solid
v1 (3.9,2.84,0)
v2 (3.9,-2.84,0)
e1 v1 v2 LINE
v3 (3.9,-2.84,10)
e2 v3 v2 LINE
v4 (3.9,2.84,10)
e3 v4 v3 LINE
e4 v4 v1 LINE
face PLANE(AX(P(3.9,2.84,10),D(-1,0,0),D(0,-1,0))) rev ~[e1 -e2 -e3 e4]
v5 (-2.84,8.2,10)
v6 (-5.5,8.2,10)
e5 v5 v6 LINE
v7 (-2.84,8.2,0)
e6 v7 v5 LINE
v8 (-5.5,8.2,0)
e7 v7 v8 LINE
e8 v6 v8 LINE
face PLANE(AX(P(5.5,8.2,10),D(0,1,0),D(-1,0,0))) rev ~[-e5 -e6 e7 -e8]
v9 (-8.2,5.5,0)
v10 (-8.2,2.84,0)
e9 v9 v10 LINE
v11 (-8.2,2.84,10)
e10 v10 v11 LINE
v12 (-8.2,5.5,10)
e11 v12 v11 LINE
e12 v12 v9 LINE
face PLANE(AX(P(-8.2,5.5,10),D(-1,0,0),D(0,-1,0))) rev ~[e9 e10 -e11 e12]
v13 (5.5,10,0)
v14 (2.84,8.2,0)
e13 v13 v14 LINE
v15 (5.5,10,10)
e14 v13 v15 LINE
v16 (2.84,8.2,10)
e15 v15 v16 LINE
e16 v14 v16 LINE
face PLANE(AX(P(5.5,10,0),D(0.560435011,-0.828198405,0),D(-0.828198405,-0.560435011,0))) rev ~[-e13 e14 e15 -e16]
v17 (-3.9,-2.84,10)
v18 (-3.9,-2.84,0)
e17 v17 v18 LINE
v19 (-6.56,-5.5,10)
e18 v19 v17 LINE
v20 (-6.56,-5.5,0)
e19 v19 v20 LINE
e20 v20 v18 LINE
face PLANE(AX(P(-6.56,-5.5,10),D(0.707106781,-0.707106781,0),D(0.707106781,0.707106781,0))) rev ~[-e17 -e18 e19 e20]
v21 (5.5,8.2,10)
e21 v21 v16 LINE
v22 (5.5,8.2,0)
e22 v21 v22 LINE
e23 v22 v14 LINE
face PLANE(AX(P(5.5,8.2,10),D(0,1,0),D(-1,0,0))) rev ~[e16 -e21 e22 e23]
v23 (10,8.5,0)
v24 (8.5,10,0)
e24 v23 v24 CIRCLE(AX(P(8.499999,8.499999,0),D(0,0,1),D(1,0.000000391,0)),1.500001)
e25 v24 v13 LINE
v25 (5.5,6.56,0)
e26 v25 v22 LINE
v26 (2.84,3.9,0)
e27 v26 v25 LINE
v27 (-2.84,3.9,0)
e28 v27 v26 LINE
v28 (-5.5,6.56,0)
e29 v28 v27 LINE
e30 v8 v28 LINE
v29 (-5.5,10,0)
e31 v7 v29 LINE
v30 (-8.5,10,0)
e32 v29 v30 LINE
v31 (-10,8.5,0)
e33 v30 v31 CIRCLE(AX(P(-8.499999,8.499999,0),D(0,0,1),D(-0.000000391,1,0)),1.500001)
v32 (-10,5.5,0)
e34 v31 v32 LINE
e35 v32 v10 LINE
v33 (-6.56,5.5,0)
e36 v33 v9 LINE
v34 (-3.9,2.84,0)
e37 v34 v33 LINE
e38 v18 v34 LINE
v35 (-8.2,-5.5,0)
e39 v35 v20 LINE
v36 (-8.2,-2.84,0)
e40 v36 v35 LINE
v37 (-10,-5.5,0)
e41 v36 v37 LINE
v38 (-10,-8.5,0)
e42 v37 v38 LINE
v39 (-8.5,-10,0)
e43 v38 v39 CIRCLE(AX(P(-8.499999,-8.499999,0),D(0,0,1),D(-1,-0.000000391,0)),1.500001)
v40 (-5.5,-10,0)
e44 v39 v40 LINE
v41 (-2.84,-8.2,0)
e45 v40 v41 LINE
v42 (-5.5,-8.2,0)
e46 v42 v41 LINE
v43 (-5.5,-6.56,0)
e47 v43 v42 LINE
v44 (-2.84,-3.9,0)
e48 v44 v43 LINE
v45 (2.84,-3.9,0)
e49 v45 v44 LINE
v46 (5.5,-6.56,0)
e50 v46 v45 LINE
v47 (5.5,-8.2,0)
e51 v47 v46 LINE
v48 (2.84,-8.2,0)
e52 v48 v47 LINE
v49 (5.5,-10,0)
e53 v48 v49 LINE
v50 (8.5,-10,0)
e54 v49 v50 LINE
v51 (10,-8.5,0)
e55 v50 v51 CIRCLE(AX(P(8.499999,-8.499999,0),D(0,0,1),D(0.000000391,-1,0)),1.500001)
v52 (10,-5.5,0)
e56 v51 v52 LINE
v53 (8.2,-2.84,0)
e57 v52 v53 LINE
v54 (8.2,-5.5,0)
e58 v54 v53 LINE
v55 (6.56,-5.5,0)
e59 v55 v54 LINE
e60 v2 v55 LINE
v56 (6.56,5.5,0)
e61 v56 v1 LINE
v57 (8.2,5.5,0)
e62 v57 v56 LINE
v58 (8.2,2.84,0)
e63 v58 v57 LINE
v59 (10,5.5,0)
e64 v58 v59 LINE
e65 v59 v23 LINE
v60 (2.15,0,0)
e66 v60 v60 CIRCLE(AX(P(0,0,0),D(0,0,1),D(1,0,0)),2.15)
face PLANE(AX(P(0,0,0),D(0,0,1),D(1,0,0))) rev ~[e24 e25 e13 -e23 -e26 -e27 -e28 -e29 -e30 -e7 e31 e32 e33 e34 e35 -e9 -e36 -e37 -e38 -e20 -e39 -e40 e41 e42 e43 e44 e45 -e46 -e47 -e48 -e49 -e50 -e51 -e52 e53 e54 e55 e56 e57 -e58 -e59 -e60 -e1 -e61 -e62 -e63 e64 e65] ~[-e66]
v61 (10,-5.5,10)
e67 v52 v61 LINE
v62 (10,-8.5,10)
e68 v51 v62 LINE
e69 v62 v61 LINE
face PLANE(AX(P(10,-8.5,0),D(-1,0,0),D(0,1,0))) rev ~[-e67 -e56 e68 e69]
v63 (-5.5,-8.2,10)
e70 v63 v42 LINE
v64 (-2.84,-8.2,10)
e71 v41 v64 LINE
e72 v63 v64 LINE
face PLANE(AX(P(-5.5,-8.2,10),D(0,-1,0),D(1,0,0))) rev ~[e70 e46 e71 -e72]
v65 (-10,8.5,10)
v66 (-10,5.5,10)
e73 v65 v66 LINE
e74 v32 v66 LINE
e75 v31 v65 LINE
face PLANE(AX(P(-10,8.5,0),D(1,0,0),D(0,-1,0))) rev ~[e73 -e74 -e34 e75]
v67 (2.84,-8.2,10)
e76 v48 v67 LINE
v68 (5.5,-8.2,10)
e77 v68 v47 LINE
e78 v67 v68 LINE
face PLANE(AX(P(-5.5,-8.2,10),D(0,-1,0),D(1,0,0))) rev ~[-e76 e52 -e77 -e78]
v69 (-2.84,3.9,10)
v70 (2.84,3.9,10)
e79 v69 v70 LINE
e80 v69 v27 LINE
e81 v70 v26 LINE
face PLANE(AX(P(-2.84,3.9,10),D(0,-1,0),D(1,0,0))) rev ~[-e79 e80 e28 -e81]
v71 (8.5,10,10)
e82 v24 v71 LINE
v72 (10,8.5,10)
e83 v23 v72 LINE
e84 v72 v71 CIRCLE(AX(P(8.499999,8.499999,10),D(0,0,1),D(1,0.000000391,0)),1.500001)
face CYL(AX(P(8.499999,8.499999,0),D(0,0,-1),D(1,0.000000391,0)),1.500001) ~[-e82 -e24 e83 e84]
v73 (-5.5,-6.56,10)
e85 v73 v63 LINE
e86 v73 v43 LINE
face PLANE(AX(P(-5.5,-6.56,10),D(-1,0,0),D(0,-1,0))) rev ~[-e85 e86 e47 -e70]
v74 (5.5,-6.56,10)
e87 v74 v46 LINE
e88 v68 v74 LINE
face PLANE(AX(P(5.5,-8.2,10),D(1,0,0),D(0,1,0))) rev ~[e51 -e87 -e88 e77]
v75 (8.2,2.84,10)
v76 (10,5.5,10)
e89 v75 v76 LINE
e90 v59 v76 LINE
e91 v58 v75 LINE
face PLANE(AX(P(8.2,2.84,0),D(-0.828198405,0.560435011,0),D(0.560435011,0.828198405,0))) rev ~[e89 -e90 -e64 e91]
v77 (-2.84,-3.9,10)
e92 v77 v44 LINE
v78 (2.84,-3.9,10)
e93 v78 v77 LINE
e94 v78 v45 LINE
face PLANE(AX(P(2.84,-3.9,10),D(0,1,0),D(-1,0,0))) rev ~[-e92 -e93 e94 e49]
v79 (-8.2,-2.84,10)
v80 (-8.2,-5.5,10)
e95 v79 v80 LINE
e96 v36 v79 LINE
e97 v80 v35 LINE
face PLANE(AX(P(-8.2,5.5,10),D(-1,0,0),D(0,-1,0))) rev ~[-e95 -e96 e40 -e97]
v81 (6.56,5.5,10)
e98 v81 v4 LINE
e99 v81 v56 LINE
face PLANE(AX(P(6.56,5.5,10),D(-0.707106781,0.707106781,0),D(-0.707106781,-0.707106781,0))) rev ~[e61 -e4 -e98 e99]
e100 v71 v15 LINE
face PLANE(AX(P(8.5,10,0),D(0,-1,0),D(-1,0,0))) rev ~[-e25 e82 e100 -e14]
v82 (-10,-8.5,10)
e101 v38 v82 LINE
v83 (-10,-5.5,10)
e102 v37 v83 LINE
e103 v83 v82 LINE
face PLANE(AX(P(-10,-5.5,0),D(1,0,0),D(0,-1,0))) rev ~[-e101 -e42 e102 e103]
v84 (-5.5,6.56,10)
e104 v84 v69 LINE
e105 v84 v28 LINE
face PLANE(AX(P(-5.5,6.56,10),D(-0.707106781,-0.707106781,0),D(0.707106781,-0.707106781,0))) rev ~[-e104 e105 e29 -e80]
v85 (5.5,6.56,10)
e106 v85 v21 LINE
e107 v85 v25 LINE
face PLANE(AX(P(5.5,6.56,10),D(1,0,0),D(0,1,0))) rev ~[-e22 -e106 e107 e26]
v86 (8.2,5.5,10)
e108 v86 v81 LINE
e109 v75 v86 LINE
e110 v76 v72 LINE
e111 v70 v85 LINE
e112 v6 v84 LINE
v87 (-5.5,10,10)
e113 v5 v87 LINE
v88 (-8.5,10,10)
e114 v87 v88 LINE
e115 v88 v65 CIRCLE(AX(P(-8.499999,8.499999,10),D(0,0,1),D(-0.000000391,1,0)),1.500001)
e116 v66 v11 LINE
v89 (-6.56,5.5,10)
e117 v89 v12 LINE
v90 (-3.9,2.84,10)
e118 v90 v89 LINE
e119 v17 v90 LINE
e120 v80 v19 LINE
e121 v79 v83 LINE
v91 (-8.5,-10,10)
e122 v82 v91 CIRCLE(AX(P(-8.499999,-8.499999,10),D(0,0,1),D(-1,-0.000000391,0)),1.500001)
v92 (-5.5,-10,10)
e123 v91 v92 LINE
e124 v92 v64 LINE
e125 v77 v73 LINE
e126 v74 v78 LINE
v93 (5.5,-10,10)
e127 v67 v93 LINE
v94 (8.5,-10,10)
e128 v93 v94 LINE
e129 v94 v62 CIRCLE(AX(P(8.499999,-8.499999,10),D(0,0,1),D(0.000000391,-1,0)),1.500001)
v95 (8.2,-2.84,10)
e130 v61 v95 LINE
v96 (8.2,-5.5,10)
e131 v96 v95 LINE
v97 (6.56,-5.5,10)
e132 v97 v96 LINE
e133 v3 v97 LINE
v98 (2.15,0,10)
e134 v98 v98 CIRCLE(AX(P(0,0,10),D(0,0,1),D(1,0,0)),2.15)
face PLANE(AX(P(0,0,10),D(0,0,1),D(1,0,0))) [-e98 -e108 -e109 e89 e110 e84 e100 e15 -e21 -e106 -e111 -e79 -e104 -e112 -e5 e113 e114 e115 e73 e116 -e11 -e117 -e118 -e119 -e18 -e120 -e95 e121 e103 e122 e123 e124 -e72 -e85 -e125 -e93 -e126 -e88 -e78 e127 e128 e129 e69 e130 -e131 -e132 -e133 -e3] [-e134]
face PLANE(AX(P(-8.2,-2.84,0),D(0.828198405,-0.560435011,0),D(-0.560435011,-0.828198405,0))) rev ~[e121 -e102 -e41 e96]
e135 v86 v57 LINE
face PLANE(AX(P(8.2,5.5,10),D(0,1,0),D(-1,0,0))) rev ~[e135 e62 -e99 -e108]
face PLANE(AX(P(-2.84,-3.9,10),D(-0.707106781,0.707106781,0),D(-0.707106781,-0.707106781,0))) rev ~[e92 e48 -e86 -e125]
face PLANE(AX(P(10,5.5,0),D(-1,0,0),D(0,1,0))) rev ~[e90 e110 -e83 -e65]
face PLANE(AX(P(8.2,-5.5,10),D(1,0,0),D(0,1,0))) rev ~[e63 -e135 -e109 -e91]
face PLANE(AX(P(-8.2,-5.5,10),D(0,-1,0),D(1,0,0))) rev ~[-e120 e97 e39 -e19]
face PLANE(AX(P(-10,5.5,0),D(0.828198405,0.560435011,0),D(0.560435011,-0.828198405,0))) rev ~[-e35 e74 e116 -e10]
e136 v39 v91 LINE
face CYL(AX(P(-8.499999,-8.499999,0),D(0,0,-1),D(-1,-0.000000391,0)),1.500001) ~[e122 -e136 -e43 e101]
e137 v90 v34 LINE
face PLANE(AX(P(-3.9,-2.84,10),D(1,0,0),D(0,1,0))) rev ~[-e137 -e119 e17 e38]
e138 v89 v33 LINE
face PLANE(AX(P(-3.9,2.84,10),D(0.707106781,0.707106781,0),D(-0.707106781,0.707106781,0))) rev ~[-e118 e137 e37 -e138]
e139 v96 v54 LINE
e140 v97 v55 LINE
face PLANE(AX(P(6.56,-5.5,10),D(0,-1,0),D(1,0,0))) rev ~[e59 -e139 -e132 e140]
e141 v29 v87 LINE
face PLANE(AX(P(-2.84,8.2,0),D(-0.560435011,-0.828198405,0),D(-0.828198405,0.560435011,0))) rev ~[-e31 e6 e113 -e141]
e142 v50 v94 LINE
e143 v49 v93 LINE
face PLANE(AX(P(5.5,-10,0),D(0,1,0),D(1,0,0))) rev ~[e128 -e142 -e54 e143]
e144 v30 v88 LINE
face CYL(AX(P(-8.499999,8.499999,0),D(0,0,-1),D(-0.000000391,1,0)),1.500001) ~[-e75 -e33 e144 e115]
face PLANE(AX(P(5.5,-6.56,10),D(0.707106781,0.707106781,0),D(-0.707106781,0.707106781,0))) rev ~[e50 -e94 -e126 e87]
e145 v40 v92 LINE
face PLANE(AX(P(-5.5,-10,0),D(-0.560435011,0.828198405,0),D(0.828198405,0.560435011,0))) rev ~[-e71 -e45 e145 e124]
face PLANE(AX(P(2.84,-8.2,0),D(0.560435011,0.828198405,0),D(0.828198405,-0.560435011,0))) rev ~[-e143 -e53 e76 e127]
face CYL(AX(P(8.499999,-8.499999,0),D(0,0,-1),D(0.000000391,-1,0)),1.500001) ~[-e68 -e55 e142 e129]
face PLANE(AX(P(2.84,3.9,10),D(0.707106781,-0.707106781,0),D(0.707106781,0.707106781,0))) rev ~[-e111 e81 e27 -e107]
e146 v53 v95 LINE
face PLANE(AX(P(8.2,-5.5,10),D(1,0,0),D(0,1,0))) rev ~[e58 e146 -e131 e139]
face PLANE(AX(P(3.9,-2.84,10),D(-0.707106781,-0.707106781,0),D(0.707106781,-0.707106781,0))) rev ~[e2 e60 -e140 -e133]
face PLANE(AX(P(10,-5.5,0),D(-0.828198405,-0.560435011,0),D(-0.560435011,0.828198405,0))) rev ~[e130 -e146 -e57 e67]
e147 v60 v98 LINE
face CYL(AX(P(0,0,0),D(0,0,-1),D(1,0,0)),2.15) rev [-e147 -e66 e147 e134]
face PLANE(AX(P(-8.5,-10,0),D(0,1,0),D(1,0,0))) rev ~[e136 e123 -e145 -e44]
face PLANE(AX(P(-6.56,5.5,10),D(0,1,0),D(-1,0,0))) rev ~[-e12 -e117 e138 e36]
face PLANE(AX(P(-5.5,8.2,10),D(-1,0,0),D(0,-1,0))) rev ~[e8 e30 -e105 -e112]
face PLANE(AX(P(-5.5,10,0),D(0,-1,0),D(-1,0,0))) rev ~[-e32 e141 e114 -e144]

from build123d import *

# Parameters (mm, degrees)
F0_R     = 2.15
F1_DEPTH = 10
F3_DEPTH = 10


with BuildPart() as f1:
    # F0 (on Top) → F1 (new body)
    with BuildSketch(Plane.XY):
        with BuildLine():
            Line((-5.5, 10), (-8.5, 10))
            ThreePointArc((-8.5, 10), (-9.56066, 9.56066), (-10, 8.5))
            Line((-10, 8.5), (-10, 5.5))
            Line((-10, 5.5), (-8.2, 2.84))
            Line((-8.2, 2.84), (-8.2, -2.84))
            Line((-8.2, -2.84), (-10, -5.5))
            Line((-10, -5.5), (-10, -8.5))
            ThreePointArc((-10, -8.5), (-9.56066, -9.56066), (-8.5, -10))
            Line((-8.5, -10), (-5.5, -10))
            Line((-5.5, -10), (-2.84, -8.2))
            Line((-2.84, -8.2), (2.84, -8.2))
            Line((2.84, -8.2), (5.5, -10))
            Line((5.5, -10), (8.5, -10))
            ThreePointArc((8.5, -10), (9.56066, -9.56066), (10, -8.5))
            Line((10, -8.5), (10, -5.5))
            Line((10, -5.5), (8.2, -2.84))
            Line((8.2, -2.84), (8.2, 2.84))
            Line((8.2, 2.84), (10, 5.5))
            Line((10, 5.5), (10, 8.5))
            ThreePointArc((10, 8.5), (9.56066, 9.56066), (8.5, 10))
            Line((8.5, 10), (5.5, 10))
            Line((5.5, 10), (2.84, 8.2))
            Line((2.84, 8.2), (-2.84, 8.2))
            Line((-2.84, 8.2), (-5.5, 10))
        make_face()
        Circle(F0_R, mode=Mode.SUBTRACT)
    extrude(amount=F1_DEPTH)

    # F2 (on face) → F3 (cut)
    with BuildSketch(Plane.XY.offset(10)):
        Polygon((-8.2, 5.5), (-8.2, 2.84), (-8.2, -2.84), (-8.2, -5.5), (-6.56, -5.5), (-3.9, -2.84), (-3.9, 2.84), (-6.56, 5.5), align=None)
        Polygon((-5.5, -8.2), (-2.84, -8.2), (2.84, -8.2), (5.5, -8.2), (5.5, -6.56), (2.84, -3.9), (-2.84, -3.9), (-5.5, -6.56), align=None)
        Polygon((8.2, -5.5), (8.2, -2.84), (8.2, 2.84), (8.2, 5.5), (6.56, 5.5), (3.9, 2.84), (3.9, -2.84), (6.56, -5.5), align=None)
        Polygon((5.5, 8.2), (2.84, 8.2), (-2.84, 8.2), (-5.5, 8.2), (-5.5, 6.56), (-2.84, 3.9), (2.84, 3.9), (5.5, 6.56), align=None)
    extrude(amount=-F3_DEPTH, mode=Mode.SUBTRACT)


solid = f1.part
